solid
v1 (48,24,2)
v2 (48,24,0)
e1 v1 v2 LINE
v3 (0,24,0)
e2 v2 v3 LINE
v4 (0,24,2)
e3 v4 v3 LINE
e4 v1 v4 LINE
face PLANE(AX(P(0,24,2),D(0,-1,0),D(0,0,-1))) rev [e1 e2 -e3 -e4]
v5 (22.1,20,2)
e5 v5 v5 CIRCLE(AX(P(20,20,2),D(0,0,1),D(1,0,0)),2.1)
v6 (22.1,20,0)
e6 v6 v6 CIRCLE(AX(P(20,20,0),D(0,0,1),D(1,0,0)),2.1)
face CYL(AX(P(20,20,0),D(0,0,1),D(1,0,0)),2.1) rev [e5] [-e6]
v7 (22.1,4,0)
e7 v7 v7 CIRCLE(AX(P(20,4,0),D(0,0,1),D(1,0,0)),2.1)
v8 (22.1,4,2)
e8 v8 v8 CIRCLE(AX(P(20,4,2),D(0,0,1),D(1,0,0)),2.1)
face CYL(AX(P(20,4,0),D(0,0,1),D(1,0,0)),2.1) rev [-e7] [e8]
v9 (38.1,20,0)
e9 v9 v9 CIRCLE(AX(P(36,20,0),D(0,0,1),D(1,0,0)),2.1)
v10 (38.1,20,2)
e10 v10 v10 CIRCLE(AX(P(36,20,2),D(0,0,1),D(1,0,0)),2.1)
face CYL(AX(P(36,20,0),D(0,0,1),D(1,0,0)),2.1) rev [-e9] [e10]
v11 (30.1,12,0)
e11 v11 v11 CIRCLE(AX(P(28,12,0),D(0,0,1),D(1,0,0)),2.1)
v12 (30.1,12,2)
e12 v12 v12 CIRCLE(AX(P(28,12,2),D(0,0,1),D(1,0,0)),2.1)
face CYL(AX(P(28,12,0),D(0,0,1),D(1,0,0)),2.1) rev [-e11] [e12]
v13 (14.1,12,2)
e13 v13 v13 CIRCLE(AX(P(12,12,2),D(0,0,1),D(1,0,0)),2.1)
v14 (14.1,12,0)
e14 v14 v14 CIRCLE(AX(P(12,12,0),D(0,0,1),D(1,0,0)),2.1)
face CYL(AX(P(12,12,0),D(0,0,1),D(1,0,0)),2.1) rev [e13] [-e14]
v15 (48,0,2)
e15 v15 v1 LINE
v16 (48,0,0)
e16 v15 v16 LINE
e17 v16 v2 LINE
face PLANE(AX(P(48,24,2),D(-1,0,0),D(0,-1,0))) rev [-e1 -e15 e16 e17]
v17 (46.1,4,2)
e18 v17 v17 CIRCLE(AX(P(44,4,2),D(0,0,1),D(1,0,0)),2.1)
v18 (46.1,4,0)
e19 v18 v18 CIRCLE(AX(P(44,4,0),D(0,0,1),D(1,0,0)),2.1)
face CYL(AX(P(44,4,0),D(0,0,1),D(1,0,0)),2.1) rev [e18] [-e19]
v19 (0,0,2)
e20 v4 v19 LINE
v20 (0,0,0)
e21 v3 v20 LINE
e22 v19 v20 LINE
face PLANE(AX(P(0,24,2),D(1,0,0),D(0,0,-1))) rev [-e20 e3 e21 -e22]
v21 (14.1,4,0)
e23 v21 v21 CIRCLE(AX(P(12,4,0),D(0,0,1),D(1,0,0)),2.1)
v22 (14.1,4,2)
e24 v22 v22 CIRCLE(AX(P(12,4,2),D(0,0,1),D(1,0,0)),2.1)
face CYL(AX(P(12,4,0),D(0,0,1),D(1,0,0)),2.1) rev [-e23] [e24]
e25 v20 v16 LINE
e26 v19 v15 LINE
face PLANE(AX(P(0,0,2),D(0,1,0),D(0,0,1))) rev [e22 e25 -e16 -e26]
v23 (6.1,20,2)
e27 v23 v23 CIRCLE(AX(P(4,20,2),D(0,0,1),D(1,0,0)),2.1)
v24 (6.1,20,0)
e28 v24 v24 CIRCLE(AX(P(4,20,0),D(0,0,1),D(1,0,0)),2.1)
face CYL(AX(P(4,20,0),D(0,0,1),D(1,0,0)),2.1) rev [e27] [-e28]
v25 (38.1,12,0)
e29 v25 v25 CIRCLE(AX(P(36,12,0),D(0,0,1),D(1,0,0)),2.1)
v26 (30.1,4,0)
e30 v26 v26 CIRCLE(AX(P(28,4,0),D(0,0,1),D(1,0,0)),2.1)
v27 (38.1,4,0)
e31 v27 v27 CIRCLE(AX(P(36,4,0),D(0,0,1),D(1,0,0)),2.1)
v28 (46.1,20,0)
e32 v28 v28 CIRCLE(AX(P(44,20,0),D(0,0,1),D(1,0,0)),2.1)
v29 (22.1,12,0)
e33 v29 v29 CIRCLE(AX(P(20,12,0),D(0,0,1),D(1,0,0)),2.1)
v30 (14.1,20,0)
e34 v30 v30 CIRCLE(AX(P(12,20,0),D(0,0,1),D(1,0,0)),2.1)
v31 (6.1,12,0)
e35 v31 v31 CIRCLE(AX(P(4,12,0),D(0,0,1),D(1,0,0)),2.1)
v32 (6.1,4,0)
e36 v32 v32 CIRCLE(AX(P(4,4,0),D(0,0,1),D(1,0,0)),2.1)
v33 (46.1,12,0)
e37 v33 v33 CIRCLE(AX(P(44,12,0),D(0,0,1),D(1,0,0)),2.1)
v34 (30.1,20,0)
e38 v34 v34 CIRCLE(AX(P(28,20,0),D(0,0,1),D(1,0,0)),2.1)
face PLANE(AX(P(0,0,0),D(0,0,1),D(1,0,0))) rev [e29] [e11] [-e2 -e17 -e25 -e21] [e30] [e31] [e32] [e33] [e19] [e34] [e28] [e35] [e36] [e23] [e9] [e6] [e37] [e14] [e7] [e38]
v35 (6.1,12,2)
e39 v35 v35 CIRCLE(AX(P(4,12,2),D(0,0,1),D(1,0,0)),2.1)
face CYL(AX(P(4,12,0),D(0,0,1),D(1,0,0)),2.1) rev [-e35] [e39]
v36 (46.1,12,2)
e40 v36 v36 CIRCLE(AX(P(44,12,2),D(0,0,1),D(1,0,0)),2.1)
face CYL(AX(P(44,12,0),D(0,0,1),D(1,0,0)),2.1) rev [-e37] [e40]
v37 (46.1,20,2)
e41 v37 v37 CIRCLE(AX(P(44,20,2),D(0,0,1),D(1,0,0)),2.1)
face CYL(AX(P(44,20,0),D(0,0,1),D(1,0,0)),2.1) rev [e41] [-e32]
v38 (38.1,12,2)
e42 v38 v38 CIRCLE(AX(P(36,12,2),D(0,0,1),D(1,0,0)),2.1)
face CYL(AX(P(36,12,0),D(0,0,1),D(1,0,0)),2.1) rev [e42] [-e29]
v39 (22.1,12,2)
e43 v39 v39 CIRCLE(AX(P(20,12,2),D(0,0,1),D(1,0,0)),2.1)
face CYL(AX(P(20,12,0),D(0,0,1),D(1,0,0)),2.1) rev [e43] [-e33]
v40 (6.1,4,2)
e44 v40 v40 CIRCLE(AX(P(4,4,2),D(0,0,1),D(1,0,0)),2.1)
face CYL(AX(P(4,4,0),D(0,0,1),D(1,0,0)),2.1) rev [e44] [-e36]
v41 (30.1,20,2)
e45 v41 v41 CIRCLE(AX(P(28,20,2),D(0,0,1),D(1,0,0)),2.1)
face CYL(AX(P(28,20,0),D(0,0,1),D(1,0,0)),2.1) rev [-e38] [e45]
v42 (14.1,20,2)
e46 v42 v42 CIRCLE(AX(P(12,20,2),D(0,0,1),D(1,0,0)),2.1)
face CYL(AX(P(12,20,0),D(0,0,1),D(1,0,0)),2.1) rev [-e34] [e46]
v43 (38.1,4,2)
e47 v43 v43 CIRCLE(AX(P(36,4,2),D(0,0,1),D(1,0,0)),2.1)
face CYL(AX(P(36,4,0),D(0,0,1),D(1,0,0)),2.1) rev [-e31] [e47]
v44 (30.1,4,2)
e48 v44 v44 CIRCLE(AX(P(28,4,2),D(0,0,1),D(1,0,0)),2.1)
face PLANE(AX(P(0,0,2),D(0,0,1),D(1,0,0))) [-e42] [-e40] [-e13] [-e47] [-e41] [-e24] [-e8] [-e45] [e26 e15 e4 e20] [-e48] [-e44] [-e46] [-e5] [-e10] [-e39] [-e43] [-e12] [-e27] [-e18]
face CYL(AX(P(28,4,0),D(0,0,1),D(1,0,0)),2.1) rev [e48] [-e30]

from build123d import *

# Parameters (mm, degrees)
ESQUISSE1_W                     = 48
ESQUISSE1_H                     = 24
BOSS_EXTRU_1_DEPTH              = 2
ESQUISSE2_R                     = 2.1
ENL_V_MAT_EXTRU_1_DEPTH         = 54.702886328
R_P_TITION_LIN_AIRE1_COUNT      = 3
R_P_TITION_LIN_AIRE1_PITCH      = 8
R_P_TITION_LIN_AIRE1_COUNT_DIR2 = 6
R_P_TITION_LIN_AIRE1_PITCH_DIR2 = 8


with BuildPart() as part:
    # Esquisse1 → Boss.-Extru.1 (new body)
    with BuildSketch(Plane.XY):
        with Locations((24, 12)):
            Rectangle(ESQUISSE1_W, ESQUISSE1_H)
    extrude(amount=BOSS_EXTRU_1_DEPTH)

    # Esquisse2 → Enlèv. mat.-Extru.1 (cut, through all)
    with BuildSketch(Plane.XY.offset(2)):
        with Locations((4, 20)):
            Circle(ESQUISSE2_R)
    enl_v_mat_extru_1 = extrude(amount=-ENL_V_MAT_EXTRU_1_DEPTH, mode=Mode.SUBTRACT)

    # Répétition linéaire1: Enl_v. mat.-Extru.1 3 × 6
    with Locations(*[(j * R_P_TITION_LIN_AIRE1_PITCH_DIR2, -i * R_P_TITION_LIN_AIRE1_PITCH, 0) for i in range(R_P_TITION_LIN_AIRE1_COUNT) for j in range(R_P_TITION_LIN_AIRE1_COUNT_DIR2) if (i, j) != (0, 0)]):
        add(enl_v_mat_extru_1, mode=Mode.SUBTRACT)


solid = part.part
